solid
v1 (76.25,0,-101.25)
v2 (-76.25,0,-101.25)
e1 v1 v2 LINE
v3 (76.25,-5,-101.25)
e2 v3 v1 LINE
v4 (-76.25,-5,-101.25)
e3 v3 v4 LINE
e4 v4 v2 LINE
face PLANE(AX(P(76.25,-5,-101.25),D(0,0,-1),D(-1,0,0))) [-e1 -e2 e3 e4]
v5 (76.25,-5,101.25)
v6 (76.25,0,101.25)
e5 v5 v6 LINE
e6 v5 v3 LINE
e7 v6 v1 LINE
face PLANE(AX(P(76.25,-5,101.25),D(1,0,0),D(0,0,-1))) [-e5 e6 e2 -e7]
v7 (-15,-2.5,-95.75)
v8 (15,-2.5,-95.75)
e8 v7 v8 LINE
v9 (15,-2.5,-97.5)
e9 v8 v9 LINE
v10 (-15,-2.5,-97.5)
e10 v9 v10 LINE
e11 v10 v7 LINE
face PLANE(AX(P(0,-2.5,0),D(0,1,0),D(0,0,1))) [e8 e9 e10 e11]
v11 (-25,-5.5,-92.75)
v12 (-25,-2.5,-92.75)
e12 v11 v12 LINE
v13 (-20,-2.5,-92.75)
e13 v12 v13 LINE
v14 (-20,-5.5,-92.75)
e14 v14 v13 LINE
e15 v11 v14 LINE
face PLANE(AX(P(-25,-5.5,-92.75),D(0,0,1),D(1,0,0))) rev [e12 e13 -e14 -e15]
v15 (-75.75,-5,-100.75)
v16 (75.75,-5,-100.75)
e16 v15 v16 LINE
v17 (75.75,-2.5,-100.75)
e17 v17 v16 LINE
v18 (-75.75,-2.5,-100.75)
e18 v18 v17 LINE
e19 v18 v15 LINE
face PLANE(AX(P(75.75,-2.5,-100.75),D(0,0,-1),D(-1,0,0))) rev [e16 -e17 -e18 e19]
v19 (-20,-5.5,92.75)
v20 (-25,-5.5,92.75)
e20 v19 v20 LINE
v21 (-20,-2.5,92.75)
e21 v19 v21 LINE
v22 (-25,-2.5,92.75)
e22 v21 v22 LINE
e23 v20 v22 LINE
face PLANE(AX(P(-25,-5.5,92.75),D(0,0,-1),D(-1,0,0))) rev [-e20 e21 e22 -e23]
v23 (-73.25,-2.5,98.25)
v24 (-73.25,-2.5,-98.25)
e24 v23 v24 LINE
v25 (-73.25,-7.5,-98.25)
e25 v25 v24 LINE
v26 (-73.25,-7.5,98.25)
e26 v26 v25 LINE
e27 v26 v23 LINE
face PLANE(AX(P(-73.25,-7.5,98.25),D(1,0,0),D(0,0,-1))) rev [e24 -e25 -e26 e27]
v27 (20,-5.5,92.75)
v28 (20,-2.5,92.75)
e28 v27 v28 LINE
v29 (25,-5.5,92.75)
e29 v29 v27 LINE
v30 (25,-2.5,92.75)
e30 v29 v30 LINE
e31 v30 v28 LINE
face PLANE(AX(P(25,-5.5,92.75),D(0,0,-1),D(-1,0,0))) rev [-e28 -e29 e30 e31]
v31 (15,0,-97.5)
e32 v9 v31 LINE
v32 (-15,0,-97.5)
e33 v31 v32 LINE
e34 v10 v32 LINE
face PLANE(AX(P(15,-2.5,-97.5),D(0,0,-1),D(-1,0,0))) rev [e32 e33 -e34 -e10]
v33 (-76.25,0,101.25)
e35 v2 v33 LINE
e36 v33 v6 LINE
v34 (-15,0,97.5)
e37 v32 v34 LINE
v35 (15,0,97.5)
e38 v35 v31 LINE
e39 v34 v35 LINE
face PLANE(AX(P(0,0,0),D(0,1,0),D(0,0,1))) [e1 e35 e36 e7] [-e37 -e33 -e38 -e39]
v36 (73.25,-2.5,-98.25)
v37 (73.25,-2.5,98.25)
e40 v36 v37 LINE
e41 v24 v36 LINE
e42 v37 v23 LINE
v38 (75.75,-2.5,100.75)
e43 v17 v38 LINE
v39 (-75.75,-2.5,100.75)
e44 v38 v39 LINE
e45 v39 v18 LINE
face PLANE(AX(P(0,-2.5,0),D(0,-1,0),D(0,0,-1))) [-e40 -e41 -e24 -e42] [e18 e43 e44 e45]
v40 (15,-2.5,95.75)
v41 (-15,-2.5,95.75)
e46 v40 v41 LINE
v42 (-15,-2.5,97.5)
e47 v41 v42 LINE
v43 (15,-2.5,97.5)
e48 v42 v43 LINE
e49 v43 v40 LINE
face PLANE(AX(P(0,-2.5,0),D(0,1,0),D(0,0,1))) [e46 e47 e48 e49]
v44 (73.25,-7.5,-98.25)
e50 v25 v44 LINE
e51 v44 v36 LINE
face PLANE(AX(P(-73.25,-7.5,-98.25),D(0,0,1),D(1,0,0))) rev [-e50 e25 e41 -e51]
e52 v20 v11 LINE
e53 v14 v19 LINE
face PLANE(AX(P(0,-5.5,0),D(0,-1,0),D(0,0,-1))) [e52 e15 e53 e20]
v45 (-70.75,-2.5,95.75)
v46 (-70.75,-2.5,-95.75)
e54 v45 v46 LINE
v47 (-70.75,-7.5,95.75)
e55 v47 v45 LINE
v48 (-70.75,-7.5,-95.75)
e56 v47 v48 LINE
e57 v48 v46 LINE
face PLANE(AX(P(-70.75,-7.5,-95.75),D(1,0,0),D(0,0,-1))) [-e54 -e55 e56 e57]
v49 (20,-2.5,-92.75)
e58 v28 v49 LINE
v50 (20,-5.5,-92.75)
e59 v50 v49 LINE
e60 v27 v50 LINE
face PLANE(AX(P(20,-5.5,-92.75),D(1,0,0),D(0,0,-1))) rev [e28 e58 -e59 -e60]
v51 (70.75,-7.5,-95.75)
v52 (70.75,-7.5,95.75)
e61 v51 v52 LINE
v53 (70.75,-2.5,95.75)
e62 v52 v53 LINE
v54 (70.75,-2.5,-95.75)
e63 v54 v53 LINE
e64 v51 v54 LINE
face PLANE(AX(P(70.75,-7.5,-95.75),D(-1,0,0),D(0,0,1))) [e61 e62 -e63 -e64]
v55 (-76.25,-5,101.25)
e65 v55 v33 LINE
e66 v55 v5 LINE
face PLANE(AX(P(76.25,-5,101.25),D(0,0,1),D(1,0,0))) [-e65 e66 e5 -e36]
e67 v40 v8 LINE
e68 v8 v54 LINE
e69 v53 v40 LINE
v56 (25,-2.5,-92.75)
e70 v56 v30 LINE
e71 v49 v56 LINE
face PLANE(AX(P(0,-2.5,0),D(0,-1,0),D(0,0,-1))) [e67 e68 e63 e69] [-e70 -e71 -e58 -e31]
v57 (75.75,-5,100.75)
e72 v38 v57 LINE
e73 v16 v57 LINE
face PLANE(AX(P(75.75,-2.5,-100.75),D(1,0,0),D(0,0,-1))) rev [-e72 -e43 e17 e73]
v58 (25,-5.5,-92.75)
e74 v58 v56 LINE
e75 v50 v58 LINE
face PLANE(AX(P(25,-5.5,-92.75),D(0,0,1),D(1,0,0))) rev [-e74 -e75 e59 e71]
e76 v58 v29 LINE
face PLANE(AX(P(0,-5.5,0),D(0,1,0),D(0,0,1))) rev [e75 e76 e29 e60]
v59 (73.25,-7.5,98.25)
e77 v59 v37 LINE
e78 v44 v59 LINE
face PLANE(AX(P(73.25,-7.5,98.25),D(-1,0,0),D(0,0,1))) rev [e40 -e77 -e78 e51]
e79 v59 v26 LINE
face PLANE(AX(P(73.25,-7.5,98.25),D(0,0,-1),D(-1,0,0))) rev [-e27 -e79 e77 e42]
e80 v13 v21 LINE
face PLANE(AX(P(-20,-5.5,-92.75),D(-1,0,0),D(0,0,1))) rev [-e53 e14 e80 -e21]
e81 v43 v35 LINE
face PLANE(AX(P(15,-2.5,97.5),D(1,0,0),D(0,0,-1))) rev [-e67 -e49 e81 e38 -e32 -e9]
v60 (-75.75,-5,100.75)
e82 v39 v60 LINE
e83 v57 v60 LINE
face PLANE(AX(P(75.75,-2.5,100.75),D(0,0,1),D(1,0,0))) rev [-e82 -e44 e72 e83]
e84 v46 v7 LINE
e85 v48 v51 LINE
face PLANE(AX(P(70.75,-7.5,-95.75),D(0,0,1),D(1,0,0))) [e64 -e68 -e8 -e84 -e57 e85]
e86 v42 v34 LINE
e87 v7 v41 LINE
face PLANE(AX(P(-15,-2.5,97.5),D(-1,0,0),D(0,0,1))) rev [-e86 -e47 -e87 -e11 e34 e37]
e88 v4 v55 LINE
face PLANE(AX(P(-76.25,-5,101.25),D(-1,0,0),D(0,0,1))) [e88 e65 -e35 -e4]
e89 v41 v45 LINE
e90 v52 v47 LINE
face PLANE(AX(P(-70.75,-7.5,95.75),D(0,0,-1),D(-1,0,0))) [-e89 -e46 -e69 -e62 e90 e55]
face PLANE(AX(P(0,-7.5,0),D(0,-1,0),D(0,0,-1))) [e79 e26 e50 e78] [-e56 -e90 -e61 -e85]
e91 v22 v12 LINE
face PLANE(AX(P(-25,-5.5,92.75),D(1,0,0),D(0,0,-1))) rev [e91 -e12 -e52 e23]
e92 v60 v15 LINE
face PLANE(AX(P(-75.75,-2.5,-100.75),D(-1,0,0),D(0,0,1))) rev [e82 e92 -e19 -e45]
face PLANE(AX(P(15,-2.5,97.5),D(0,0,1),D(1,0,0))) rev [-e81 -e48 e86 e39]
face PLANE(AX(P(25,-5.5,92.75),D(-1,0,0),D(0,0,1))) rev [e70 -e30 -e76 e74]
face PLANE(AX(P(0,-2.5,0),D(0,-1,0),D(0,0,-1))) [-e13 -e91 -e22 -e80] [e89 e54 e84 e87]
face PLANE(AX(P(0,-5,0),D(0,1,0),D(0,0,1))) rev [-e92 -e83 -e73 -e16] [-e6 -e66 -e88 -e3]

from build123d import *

# Parameters (mm, degrees)
SKETCH1_W           = 152.5
SKETCH1_H           = 202.5
BOSS_EXTRUDE1_DEPTH = 5
SKETCH3_W           = 151.5
SKETCH3_H           = 201.5
CUT_EXTRUDE1_DEPTH  = 2.5
SKETCH5_W           = 146.5
SKETCH5_H           = 196.5
SKETCH5_W_2         = 141.5
SKETCH5_H_2         = 191.5
BOSS_EXTRUDE3_DEPTH = 5
SKETCH6_W           = 30
SKETCH6_H           = 195
CUT_EXTRUDE4_DEPTH  = 2.5
SKETCH7_W           = 5
SKETCH7_H           = 185.5
BOSS_EXTRUDE5_DEPTH = 3


with BuildPart() as part:
    # Sketch1 → Boss-Extrude1 (new body)
    with BuildSketch(Plane(origin=(0, 0, 0), x_dir=(1, 0, 0), z_dir=(0, 1, 0))):
        Rectangle(SKETCH1_W, SKETCH1_H)
    extrude(amount=-BOSS_EXTRUDE1_DEPTH)

    # Sketch3 → Cut-Extrude1 (cut)
    with BuildSketch(Plane.XZ.offset(5)):
        Rectangle(SKETCH3_W, SKETCH3_H)
    extrude(amount=-CUT_EXTRUDE1_DEPTH, mode=Mode.SUBTRACT)

    # Sketch5 → Boss-Extrude3 (add)
    with BuildSketch(Plane.XZ.offset(2.5)):
        Rectangle(SKETCH5_W, SKETCH5_H)
        Rectangle(SKETCH5_W_2, SKETCH5_H_2, mode=Mode.SUBTRACT)
    extrude(amount=BOSS_EXTRUDE3_DEPTH)

    # Sketch6 → Cut-Extrude4 (cut)
    with BuildSketch(Plane(origin=(0, 0, 0), x_dir=(1, 0, 0), z_dir=(0, 1, 0))):
        Rectangle(SKETCH6_W, SKETCH6_H)
    extrude(amount=-CUT_EXTRUDE4_DEPTH, mode=Mode.SUBTRACT)

    # Sketch7 → Boss-Extrude5 (add)
    with BuildSketch(Plane.XZ.offset(2.5)):
        with Locations((-22.5, 0)):
            Rectangle(SKETCH7_W, SKETCH7_H)
        with Locations((22.5, 0)):
            Rectangle(SKETCH7_W, SKETCH7_H)
    extrude(amount=BOSS_EXTRUDE5_DEPTH)


solid = part.part
